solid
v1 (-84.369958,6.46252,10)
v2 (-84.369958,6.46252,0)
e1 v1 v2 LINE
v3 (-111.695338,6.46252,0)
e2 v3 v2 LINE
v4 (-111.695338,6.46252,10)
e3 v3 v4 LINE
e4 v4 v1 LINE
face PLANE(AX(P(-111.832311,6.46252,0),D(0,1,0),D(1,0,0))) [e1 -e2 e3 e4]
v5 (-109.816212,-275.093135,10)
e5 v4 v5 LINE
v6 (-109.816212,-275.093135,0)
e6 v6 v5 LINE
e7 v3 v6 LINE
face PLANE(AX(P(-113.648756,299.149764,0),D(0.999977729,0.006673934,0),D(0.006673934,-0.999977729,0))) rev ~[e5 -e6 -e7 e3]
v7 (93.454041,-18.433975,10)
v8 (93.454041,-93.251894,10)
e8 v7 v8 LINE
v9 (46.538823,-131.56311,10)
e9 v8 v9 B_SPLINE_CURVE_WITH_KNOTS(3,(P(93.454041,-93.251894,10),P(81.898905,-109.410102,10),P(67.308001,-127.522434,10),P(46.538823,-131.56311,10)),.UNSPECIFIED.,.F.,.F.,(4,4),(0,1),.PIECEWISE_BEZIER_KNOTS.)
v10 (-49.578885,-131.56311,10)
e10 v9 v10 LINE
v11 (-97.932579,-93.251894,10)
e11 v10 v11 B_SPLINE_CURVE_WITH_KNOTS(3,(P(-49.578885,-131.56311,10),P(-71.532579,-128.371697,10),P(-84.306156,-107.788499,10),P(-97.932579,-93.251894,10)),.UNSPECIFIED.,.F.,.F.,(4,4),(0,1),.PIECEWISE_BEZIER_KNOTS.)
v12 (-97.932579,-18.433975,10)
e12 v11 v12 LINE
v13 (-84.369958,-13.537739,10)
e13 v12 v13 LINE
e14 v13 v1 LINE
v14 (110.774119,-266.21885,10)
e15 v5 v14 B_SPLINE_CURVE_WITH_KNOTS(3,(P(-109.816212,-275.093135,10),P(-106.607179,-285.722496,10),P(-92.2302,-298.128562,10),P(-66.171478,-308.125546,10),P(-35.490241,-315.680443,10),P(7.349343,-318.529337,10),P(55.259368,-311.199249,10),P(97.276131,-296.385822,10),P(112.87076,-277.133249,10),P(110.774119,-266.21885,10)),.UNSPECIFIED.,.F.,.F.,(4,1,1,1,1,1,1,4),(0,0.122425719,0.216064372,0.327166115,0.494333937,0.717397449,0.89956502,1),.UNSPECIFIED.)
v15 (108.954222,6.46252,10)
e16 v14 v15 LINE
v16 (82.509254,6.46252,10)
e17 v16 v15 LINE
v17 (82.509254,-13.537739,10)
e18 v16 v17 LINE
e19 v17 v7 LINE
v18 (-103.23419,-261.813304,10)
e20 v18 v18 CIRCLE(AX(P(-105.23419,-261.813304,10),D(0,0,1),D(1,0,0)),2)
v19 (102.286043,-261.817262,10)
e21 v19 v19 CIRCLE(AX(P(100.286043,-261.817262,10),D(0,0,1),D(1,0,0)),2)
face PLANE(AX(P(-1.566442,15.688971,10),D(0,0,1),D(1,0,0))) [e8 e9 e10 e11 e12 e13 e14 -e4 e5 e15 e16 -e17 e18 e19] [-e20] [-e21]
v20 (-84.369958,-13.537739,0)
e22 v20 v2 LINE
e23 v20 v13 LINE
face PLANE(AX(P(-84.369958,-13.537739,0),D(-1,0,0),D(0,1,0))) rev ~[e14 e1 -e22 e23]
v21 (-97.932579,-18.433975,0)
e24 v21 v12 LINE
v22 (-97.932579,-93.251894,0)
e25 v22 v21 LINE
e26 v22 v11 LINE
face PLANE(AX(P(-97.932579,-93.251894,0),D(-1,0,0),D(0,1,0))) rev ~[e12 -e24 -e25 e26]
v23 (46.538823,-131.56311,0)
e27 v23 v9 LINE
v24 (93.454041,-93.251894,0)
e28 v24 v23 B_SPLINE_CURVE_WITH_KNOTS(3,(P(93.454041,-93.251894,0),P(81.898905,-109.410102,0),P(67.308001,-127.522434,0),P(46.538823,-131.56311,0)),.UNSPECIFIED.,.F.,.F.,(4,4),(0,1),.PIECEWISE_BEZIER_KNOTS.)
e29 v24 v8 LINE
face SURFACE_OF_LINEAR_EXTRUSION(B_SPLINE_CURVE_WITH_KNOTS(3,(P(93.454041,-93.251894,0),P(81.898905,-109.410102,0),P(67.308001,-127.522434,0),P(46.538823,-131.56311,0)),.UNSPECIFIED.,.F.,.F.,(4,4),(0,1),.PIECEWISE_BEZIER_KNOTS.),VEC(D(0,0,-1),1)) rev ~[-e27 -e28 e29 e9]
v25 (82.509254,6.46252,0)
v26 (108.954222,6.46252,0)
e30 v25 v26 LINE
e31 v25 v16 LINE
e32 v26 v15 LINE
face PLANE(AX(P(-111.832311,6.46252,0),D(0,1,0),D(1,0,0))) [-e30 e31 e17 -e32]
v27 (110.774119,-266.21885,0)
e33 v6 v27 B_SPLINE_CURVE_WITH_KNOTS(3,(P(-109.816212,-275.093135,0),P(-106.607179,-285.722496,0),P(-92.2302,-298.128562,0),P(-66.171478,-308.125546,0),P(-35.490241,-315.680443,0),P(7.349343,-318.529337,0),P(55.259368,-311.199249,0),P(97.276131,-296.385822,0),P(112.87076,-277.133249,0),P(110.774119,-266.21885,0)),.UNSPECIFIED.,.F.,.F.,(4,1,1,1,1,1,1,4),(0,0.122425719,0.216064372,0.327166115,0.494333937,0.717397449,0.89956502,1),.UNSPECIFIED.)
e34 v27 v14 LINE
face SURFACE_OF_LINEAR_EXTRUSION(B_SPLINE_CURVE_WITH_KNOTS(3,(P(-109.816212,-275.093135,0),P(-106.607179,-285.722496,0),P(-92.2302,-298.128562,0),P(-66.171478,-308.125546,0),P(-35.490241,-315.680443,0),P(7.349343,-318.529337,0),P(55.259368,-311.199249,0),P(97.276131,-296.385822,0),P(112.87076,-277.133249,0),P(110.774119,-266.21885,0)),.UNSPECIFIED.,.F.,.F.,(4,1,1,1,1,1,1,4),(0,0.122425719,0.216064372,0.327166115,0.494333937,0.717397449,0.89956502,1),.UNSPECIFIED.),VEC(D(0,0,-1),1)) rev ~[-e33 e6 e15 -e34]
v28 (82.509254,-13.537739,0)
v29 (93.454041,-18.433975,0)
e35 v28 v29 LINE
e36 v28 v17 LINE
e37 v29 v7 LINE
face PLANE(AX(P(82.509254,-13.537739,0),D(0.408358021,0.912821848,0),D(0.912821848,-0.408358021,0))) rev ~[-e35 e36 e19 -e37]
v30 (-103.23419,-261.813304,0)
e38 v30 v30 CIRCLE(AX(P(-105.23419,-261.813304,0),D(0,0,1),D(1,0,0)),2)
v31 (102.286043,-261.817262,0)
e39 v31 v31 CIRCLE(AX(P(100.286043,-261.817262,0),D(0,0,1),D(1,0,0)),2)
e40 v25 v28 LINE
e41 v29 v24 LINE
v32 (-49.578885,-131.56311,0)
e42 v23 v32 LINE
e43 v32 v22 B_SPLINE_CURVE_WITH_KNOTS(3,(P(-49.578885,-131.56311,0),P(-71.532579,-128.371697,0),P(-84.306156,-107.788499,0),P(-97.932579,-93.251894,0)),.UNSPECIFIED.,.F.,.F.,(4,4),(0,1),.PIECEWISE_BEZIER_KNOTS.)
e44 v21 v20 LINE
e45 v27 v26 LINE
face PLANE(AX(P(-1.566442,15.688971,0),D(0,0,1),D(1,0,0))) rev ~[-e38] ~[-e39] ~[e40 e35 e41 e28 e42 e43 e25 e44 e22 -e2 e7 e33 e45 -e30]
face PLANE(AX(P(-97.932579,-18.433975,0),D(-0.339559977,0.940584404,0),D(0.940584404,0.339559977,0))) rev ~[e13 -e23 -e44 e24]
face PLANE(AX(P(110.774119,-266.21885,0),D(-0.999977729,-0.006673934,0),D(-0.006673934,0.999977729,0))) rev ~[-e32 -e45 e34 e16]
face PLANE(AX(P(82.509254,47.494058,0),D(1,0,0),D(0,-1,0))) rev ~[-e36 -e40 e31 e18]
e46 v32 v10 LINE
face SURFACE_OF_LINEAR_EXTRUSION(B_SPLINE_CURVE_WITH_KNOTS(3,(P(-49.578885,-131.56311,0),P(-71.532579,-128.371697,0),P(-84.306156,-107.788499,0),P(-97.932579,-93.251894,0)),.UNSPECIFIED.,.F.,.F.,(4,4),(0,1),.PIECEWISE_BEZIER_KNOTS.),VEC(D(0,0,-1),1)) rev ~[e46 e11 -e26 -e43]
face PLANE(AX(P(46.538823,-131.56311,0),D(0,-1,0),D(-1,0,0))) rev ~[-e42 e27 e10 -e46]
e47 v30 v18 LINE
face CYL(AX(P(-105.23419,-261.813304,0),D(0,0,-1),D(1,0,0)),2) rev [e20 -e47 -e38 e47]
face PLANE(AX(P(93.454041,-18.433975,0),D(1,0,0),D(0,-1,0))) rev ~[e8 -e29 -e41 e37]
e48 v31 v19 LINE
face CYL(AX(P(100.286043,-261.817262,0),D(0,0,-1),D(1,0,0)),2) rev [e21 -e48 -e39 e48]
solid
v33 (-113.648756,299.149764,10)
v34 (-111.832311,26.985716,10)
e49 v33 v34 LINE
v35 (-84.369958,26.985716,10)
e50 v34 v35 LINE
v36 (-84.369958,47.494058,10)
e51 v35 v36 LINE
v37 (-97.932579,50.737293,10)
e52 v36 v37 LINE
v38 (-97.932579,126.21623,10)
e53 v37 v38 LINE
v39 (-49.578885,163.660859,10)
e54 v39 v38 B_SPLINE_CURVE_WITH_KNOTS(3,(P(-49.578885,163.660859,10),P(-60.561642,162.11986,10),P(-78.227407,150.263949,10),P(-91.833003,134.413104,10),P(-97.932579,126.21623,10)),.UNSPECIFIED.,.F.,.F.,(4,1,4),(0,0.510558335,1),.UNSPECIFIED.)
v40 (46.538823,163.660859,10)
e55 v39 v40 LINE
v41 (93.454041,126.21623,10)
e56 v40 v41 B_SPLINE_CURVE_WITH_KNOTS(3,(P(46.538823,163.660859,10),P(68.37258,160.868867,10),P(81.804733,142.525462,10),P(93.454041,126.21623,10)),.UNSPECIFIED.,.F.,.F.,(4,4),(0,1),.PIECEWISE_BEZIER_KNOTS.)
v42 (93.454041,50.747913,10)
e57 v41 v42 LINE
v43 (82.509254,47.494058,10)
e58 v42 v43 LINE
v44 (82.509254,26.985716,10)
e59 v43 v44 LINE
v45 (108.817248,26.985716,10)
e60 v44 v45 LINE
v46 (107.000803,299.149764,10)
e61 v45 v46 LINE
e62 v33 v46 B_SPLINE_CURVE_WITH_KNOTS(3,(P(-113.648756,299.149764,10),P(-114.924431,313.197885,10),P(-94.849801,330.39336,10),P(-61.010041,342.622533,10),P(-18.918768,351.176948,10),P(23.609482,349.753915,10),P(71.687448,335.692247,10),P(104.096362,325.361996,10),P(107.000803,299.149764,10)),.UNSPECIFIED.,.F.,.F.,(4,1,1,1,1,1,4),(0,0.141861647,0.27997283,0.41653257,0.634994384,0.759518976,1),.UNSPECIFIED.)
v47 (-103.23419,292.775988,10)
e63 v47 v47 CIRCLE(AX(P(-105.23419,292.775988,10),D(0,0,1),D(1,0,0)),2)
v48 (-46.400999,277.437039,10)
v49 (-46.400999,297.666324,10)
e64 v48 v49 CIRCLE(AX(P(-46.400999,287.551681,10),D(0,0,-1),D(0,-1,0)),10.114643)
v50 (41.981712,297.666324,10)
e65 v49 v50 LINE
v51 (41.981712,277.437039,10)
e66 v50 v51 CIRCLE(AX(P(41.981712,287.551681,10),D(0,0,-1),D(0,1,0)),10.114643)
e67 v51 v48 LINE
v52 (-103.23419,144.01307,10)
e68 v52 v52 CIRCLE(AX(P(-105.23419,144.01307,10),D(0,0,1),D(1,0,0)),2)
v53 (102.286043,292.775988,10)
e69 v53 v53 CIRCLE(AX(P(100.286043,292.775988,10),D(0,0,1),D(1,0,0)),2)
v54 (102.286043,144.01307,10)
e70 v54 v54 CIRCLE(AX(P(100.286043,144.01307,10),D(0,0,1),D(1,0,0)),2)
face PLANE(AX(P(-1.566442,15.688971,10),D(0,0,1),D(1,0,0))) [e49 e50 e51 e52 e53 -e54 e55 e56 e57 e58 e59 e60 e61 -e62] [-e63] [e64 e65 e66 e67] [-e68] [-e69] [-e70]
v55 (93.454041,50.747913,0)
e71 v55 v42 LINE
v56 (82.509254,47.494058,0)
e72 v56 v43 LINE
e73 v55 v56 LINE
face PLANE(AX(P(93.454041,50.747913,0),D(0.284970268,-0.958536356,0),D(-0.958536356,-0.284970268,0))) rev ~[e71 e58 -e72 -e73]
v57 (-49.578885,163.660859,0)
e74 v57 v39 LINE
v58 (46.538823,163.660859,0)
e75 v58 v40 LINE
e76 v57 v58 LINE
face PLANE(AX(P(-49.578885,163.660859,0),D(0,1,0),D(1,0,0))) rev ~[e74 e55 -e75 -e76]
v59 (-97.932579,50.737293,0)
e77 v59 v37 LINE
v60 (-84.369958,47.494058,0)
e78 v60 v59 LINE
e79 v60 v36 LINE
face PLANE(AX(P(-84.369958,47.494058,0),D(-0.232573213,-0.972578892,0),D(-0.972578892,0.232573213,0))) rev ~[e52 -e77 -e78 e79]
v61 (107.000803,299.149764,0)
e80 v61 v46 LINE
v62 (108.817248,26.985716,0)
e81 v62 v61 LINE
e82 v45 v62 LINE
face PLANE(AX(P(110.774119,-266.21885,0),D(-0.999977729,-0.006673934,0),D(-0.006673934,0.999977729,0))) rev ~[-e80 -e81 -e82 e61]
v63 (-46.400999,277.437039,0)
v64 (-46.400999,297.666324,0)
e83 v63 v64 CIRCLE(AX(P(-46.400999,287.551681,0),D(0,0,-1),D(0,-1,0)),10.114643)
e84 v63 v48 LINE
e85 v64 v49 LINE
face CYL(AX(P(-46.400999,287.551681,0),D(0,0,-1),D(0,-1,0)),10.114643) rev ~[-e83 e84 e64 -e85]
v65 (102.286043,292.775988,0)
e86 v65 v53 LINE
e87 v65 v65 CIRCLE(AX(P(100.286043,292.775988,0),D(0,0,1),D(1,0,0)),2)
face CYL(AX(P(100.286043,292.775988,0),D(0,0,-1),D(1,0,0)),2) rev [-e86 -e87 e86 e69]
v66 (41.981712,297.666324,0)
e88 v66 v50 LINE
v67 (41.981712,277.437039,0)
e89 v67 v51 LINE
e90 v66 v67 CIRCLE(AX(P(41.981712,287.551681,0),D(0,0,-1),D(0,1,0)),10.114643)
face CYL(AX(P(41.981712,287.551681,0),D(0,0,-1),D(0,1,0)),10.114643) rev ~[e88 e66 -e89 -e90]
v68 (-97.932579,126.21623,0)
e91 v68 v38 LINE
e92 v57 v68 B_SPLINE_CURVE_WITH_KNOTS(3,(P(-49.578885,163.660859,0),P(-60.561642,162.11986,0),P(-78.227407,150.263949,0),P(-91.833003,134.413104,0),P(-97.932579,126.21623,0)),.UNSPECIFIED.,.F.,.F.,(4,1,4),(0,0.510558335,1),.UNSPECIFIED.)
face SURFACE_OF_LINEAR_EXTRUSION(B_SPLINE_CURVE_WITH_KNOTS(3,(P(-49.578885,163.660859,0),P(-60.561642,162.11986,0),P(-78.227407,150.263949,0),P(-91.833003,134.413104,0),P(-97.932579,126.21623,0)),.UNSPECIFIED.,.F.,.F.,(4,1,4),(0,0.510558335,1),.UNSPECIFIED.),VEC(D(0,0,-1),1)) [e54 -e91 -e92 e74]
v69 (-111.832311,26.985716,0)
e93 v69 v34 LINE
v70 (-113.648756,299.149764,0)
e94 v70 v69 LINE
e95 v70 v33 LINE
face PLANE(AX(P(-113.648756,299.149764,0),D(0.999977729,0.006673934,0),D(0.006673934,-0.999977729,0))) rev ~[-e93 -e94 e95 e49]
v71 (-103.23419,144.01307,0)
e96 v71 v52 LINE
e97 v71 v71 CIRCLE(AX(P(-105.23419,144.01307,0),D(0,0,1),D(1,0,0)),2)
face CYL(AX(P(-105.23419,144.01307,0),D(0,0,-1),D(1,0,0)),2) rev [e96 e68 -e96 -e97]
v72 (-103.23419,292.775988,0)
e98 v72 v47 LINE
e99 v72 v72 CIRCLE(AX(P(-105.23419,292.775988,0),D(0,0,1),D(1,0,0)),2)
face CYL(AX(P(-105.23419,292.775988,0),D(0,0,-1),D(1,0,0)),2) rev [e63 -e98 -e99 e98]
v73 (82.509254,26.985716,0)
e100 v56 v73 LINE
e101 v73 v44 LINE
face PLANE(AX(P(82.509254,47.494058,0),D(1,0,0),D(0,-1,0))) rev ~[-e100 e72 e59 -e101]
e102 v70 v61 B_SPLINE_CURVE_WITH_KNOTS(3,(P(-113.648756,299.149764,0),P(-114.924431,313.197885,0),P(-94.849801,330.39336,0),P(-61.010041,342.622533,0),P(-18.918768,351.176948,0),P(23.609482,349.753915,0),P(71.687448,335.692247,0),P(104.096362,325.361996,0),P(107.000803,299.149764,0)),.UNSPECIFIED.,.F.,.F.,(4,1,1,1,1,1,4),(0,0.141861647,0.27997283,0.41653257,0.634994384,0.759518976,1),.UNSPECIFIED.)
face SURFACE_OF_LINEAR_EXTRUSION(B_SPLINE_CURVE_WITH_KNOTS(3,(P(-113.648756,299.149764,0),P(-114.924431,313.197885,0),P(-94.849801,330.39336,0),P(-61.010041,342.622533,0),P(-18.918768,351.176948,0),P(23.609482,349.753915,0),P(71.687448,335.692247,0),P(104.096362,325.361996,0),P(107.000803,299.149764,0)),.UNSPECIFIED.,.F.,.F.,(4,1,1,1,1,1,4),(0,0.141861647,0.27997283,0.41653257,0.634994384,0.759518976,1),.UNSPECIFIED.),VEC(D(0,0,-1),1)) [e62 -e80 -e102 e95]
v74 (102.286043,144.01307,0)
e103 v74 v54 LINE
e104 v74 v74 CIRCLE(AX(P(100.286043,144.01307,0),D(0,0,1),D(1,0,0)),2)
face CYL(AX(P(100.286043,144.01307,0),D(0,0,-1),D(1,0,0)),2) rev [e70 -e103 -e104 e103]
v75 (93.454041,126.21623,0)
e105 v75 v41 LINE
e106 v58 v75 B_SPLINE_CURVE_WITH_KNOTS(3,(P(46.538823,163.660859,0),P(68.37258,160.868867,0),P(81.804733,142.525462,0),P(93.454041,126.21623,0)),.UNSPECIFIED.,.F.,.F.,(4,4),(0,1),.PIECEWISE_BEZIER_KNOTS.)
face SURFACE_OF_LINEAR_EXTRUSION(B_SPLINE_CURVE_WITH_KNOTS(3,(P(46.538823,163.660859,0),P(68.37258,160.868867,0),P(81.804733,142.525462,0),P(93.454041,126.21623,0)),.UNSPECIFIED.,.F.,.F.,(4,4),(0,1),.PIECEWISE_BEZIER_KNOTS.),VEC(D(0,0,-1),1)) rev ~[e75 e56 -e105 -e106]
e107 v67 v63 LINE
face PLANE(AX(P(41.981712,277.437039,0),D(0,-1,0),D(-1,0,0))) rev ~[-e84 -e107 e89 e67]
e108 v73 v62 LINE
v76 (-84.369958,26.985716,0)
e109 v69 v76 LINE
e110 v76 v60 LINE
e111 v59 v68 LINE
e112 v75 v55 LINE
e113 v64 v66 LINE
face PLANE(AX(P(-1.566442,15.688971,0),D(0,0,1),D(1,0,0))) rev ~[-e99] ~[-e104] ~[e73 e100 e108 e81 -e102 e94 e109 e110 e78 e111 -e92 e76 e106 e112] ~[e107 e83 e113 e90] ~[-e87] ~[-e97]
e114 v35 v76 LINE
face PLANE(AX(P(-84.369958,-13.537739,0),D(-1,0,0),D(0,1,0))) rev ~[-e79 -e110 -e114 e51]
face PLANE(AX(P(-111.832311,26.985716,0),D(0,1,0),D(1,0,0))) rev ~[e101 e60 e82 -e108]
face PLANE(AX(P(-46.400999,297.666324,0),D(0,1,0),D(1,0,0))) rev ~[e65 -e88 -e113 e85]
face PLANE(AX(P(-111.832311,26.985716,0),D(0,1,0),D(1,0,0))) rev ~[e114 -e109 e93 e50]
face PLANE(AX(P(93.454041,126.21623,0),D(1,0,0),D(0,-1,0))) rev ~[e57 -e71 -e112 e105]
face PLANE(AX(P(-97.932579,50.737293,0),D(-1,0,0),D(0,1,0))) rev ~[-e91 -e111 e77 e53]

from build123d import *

# Parameters (mm, degrees)
OUTER_CUT_EXTRUDE_DEPTH   = 10
HANDLE_CUT_DEPTH          = 10
HOLES_R                   = 2
HOLES_CUT_DEPTH           = 10
WHEEL_HOLE_CUT_DEPTH      = 10
SKETCH7_W                 = 220.786532647
SKETCH7_H                 = 20.523195184
SEPERATE_FOR_CUTTER_DEPTH = 10


with BuildPart() as part:
    # Outer Cut → Outer Cut Extrude (new body)
    with BuildSketch(Plane.XY):
        with BuildLine():
            Line((-113.64875635, 299.149763984), (-109.816211971, -275.093135424))
            add(Edge.make_bspline(
                [(-109.816211971, -275.093135424), (-106.607178942, -285.722495836), (-92.230200108, -298.128562103), (-66.171478097, -308.125545605), (-35.490240898, -315.680442969), (7.349343337, -318.529337487), (55.259367963, -311.199249304), (97.276130628, -296.385821585), (112.870760282, -277.133248797), (110.774119471, -266.218850205)],
                knots=[0, 0, 0, 0, 0.122425719, 0.216064372, 0.327166115, 0.494333937, 0.717397449, 0.89956502, 1, 1, 1, 1], degree=3))
            Line((110.774119471, -266.218850205), (107.000802803, 299.149763984))
            add(Edge.make_bspline(
                [(-113.64875635, 299.149763984), (-114.92443064, 313.197885337), (-94.849800602, 330.39336024), (-61.010041387, 342.622533437), (-18.918767828, 351.176947948), (23.609481642, 349.753915079), (71.687448298, 335.692246865), (104.096362102, 325.361995633), (107.000802803, 299.149763984)],
                knots=[0, 0, 0, 0, 0.141861647, 0.27997283, 0.41653257, 0.634994384, 0.759518976, 1, 1, 1, 1], degree=3))
        make_face()
    extrude(amount=OUTER_CUT_EXTRUDE_DEPTH)

    # Handle → Handle Cut (cut)
    with BuildSketch(Plane.XY):
        with BuildLine():
            Line((-46.400999152, 297.666324186), (41.981712091, 297.666324186))
            ThreePointArc((41.981712091, 297.666324186), (52.096354794, 287.551681482), (41.981712091, 277.437038779))
            Line((41.981712091, 277.437038779), (-46.400999152, 277.437038779))
            ThreePointArc((-46.400999152, 277.437038779), (-56.515641856, 287.551681482), (-46.400999152, 297.666324186))
        make_face()
    extrude(amount=HANDLE_CUT_DEPTH, mode=Mode.SUBTRACT)

    # Holes → Holes Cut (cut)
    with BuildSketch(Plane.XY):
        with Locations((100.286043104, 292.77598768)):
            Circle(HOLES_R)
        with Locations((-105.2341902, 292.77598768)):
            Circle(HOLES_R)
        with Locations((-105.2341902, 144.013070247)):
            Circle(HOLES_R)
        with Locations((100.286043104, 144.013070247)):
            Circle(HOLES_R)
        with Locations((-105.2341902, -261.81330375)):
            Circle(HOLES_R)
        with Locations((100.2860431, -261.817262146)):
            Circle(HOLES_R)
    extrude(amount=HOLES_CUT_DEPTH, mode=Mode.SUBTRACT)

    # Wheel Hole → Wheel Hole Cut (cut)
    with BuildSketch(Plane.XY):
        with BuildLine():
            Line((-49.578885474, 163.660859039), (46.538823299, 163.660859039))
            add(Edge.make_bspline(
                [(46.538823299, 163.660859039), (68.37258014, 160.868866886), (81.804733275, 142.525461888), (93.454040823, 126.216230162)],
                knots=[0, 0, 0, 0, 1, 1, 1, 1], degree=3))
            Line((93.454040823, 126.216230162), (93.454040823, 50.747913124))
            Line((93.454040823, 50.747913124), (82.509254189, 47.494057639))
            Line((82.509254189, 47.494057639), (82.509254189, -13.537739036))
            Line((82.509254189, -13.537739036), (93.454040823, -18.433975269))
            Line((93.454040823, -18.433975269), (93.454040823, -93.251893693))
            add(Edge.make_bspline(
                [(93.454040823, -93.251893693), (81.898905096, -109.410102116), (67.308000888, -127.522433958), (46.538823299, -131.563109806)],
                knots=[0, 0, 0, 0, 1, 1, 1, 1], degree=3))
            Line((46.538823299, -131.563109806), (-49.578885474, -131.563109806))
            add(Edge.make_bspline(
                [(-49.578885474, -131.563109806), (-71.532579158, -128.371697231), (-84.306155821, -107.78849923), (-97.932579458, -93.251893693)],
                knots=[0, 0, 0, 0, 1, 1, 1, 1], degree=3))
            Line((-97.932579458, -93.251893693), (-97.932579458, -18.433975269))
            Line((-97.932579458, -18.433975269), (-84.369957975, -13.537739036))
            Line((-84.369957975, -13.537739036), (-84.369957975, 47.494057639))
            Line((-84.369957975, 47.494057639), (-97.932579458, 50.737293211))
            Line((-97.932579458, 50.737293211), (-97.932579458, 126.216230162))
            add(Edge.make_bspline(
                [(-49.578885474, 163.660859039), (-60.56164238, 162.119859802), (-78.227406764, 150.263949312), (-91.83300307, 134.413103774), (-97.932579458, 126.216230162)],
                knots=[0, 0, 0, 0, 0.510558335, 1, 1, 1, 1], degree=3))
        make_face()
    extrude(amount=WHEEL_HOLE_CUT_DEPTH, mode=Mode.SUBTRACT)

    # Sketch7 → Seperate For Cutter (cut)
    with BuildSketch(Plane.XY):
        with Locations((-1.439044765, 16.72411794)):
            Rectangle(SKETCH7_W, SKETCH7_H)
    extrude(amount=SEPERATE_FOR_CUTTER_DEPTH, mode=Mode.SUBTRACT)


solid = part.part
